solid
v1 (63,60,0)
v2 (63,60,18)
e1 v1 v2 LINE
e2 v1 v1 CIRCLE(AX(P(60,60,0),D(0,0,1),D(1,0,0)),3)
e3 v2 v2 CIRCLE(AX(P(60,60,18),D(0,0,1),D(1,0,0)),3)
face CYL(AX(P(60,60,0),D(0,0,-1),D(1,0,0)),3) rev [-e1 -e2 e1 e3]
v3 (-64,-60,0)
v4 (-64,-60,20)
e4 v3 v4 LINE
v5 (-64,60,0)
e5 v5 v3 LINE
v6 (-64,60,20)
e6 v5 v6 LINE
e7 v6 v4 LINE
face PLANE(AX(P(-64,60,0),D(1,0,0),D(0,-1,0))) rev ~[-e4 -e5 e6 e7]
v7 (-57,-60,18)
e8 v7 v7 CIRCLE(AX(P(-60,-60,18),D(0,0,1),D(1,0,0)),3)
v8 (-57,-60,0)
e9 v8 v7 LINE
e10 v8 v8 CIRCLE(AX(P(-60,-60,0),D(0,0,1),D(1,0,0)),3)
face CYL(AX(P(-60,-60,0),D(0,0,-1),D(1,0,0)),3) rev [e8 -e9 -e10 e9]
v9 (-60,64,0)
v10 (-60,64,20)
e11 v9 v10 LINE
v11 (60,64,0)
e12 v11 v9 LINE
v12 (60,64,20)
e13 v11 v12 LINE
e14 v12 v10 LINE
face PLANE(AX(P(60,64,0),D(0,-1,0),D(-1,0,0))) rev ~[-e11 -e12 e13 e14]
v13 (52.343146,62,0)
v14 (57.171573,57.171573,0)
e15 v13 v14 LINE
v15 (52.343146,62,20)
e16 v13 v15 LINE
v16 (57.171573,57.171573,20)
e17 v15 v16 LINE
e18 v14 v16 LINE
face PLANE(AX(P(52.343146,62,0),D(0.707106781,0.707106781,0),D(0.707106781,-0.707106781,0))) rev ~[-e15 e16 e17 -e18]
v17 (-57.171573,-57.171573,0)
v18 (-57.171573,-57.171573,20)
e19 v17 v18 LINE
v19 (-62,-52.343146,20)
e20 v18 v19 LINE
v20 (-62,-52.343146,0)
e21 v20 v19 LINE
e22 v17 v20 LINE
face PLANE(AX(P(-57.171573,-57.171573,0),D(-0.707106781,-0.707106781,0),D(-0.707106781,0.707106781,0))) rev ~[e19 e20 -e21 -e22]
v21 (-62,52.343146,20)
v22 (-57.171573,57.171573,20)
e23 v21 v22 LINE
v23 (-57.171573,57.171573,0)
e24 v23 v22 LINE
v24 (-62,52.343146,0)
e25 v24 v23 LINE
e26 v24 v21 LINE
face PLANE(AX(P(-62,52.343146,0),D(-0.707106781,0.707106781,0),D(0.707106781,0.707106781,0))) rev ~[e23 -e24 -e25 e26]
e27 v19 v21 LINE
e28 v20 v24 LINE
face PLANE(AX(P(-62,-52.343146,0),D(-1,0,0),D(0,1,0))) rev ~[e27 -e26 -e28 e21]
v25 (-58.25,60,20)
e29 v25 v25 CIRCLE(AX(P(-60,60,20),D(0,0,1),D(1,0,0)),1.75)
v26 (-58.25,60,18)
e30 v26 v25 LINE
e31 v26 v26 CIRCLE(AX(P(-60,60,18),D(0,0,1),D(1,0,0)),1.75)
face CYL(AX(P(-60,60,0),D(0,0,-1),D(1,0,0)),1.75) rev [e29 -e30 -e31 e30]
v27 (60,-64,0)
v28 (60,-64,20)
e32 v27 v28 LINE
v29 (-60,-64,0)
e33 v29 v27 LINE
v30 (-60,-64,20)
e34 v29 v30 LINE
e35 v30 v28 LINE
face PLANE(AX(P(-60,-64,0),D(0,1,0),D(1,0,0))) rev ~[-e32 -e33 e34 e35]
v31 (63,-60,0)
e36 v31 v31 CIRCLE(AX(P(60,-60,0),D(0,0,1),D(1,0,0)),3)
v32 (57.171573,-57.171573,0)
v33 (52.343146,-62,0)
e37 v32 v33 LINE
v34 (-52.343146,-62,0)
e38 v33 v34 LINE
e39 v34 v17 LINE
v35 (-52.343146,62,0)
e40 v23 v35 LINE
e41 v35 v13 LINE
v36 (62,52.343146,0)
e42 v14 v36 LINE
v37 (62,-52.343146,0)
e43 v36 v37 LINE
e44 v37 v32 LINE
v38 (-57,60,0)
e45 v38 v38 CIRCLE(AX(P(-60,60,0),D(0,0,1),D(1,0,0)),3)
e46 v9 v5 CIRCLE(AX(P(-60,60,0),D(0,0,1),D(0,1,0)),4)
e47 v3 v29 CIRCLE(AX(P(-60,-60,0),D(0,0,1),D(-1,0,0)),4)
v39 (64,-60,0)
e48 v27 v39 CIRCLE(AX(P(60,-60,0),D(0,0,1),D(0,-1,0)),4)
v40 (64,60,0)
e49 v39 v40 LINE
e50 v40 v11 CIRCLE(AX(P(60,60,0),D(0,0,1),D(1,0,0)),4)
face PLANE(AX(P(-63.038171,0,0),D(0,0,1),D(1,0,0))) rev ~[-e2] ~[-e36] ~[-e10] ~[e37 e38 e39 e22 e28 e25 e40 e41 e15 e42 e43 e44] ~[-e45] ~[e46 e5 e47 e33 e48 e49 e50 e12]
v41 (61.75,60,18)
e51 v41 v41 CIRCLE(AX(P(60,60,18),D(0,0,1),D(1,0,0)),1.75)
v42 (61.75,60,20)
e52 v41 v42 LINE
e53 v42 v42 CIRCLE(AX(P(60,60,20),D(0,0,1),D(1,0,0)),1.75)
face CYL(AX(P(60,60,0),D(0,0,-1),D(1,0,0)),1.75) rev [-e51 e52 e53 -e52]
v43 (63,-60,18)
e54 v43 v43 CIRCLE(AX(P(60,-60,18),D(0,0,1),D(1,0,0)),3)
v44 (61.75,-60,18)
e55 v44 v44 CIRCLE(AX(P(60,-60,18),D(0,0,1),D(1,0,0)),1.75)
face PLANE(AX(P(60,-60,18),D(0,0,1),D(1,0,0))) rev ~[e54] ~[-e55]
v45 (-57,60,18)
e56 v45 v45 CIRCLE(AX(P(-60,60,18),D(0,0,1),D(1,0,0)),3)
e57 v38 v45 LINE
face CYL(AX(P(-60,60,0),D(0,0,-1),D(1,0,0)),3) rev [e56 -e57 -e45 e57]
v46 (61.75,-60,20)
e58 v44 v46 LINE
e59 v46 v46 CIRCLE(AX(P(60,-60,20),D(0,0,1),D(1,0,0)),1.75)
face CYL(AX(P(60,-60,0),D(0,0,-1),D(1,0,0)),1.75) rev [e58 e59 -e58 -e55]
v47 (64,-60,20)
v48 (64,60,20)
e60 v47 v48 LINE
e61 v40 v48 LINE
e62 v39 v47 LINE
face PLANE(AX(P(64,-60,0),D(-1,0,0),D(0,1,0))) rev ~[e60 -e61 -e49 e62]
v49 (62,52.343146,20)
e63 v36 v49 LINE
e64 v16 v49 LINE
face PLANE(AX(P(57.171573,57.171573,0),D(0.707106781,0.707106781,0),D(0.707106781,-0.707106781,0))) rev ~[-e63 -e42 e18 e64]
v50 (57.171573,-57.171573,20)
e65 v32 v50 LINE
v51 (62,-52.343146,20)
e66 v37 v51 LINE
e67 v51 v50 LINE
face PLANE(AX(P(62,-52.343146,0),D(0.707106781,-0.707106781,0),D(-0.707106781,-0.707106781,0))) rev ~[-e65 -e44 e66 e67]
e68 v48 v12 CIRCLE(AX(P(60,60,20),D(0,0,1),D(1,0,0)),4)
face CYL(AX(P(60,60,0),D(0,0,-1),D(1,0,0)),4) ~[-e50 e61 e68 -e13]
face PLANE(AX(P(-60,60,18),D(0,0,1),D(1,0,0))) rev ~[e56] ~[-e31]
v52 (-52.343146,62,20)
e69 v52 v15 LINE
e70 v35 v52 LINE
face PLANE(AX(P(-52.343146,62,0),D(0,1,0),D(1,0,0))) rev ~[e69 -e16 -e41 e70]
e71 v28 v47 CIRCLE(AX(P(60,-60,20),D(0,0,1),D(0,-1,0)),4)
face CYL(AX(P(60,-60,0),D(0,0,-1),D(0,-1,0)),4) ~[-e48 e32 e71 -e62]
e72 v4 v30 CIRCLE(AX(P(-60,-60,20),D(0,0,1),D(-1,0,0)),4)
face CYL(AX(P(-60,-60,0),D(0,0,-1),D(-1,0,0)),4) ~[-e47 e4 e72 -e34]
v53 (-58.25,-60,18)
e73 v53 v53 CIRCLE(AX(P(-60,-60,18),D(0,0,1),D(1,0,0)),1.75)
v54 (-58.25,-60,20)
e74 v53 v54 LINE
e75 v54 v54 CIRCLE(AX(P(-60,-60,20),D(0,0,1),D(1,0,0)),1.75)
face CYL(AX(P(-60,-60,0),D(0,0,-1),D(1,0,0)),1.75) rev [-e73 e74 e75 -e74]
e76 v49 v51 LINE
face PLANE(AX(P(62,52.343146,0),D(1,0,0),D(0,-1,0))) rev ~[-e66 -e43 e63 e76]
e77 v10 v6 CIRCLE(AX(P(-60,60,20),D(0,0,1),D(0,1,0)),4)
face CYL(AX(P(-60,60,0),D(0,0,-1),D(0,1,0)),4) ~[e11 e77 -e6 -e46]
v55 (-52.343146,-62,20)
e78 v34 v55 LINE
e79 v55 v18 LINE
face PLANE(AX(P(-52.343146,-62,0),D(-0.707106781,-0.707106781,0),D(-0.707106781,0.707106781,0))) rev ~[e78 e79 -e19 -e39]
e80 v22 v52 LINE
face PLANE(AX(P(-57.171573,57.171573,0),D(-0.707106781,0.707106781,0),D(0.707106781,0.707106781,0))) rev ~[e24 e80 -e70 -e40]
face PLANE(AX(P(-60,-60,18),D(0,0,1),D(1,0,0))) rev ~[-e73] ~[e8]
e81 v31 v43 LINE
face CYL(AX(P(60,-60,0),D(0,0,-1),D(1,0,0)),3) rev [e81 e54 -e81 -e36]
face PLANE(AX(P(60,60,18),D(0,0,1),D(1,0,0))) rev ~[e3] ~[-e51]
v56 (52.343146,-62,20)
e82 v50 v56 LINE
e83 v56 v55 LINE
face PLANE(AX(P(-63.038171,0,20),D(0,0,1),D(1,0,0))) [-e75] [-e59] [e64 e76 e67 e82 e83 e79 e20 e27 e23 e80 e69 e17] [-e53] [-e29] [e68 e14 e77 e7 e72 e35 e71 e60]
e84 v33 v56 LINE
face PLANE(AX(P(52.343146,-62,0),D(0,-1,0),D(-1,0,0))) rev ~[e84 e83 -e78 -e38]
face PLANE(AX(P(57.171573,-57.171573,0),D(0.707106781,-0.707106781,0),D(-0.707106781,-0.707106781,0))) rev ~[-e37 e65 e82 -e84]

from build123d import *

# Parameters (mm, degrees)
F0_R     = 3
F0_R_2   = 1.75
F1_DEPTH = 20
F2_DEPTH = 18


with BuildPart() as f1:
    # F0 (on Top) → F1 (new body)
    with BuildSketch(Plane.XY):
        with BuildLine():
            Line((-62, 52.3431457505), (-62, 56.5358983849))
            ThreePointArc((-62, 56.5358983849), (-63.4641016151, 58), (-64, 60))
            Line((-64, 60), (-64, -60))
            ThreePointArc((-64, -60), (-63.4641016151, -58), (-62, -56.5358983849))
            Line((-62, -56.5358983849), (-62, -52.3431457505))
            Line((-62, -52.3431457505), (-62, 52.3431457505))
        make_face()
        with BuildLine():
            ThreePointArc((-56.5358983849, -62), (-58, -63.4641016151), (-60, -64))
            Line((-60, -64), (60, -64))
            ThreePointArc((60, -64), (58, -63.4641016151), (56.5358983849, -62))
            Line((56.5358983849, -62), (52.3431457505, -62))
            Line((52.3431457505, -62), (-52.3431457505, -62))
            Line((-52.3431457505, -62), (-56.5358983849, -62))
        make_face()
        with BuildLine():
            Line((64, -60), (64, 60))
            ThreePointArc((64, 60), (63.4641016151, 58), (62, 56.5358983849))
            Line((62, 56.5358983849), (62, 52.3431457505))
            Line((62, 52.3431457505), (62, -52.3431457505))
            Line((62, -52.3431457505), (62, -56.5358983849))
            ThreePointArc((62, -56.5358983849), (63.4641016151, -58), (64, -60))
        make_face()
        with BuildLine():
            ThreePointArc((-62, -56.5358983849), (-63.4641016151, -58), (-64, -60))
            ThreePointArc((-64, -60), (-62.8284271247, -62.8284271247), (-60, -64))
            ThreePointArc((-60, -64), (-58, -63.4641016151), (-56.5358983849, -62))
            ThreePointArc((-56.5358983849, -62), (-56.1362966948, -61.0352761804), (-56, -60))
            ThreePointArc((-56, -60), (-56.30448187, -58.4692662705), (-57.1715728753, -57.1715728753))
            ThreePointArc((-57.1715728753, -57.1715728753), (-59.4778952311, -56.0342205545), (-62, -56.5358983849))
        make_face()
        with Locations((-60, -60)):
            Circle(F0_R, mode=Mode.SUBTRACT)
        with Locations((-60, -60)):
            Circle(F0_R)
        with Locations((-60, -60)):
            Circle(F0_R_2, mode=Mode.SUBTRACT)
        with BuildLine():
            ThreePointArc((60, -64), (62.8284271247, -62.8284271247), (64, -60))
            ThreePointArc((64, -60), (63.4641016151, -58), (62, -56.5358983849))
            ThreePointArc((62, -56.5358983849), (59.4778952311, -56.0342205545), (57.1715728753, -57.1715728753))
            ThreePointArc((57.1715728753, -57.1715728753), (56.0342205545, -59.4778952311), (56.5358983849, -62))
            ThreePointArc((56.5358983849, -62), (58, -63.4641016151), (60, -64))
        make_face()
        with Locations((60, -60)):
            Circle(F0_R, mode=Mode.SUBTRACT)
        with Locations((60, -60)):
            Circle(F0_R)
        with Locations((60, -60)):
            Circle(F0_R_2, mode=Mode.SUBTRACT)
        with BuildLine():
            ThreePointArc((-60, 64), (-58, 63.4641016151), (-56.5358983849, 62))
            Line((-56.5358983849, 62), (-52.3431457505, 62))
            Line((-52.3431457505, 62), (52.3431457505, 62))
            Line((52.3431457505, 62), (56.5358983849, 62))
            ThreePointArc((56.5358983849, 62), (58, 63.4641016151), (60, 64))
            Line((60, 64), (-60, 64))
        make_face()
        with BuildLine():
            ThreePointArc((-57.1715728753, 57.1715728753), (-56.30448187, 58.4692662705), (-56, 60))
            ThreePointArc((-56, 60), (-56.1362966948, 61.0352761804), (-56.5358983849, 62))
            ThreePointArc((-56.5358983849, 62), (-58, 63.4641016151), (-60, 64))
            ThreePointArc((-60, 64), (-62.8284271247, 62.8284271247), (-64, 60))
            ThreePointArc((-64, 60), (-63.4641016151, 58), (-62, 56.5358983849))
            ThreePointArc((-62, 56.5358983849), (-59.4778952311, 56.0342205545), (-57.1715728753, 57.1715728753))
        make_face()
        with Locations((-60, 60)):
            Circle(F0_R, mode=Mode.SUBTRACT)
        with Locations((-60, 60)):
            Circle(F0_R)
        with Locations((-60, 60)):
            Circle(F0_R_2, mode=Mode.SUBTRACT)
        with BuildLine():
            ThreePointArc((64, 60), (62.8284271247, 62.8284271247), (60, 64))
            ThreePointArc((60, 64), (58, 63.4641016151), (56.5358983849, 62))
            ThreePointArc((56.5358983849, 62), (56.0342205545, 59.4778952311), (57.1715728753, 57.1715728753))
            ThreePointArc((57.1715728753, 57.1715728753), (59.4778952311, 56.0342205545), (62, 56.5358983849))
            ThreePointArc((62, 56.5358983849), (63.4641016151, 58), (64, 60))
        make_face()
        with Locations((60, 60)):
            Circle(F0_R, mode=Mode.SUBTRACT)
        with Locations((60, 60)):
            Circle(F0_R)
        with Locations((60, 60)):
            Circle(F0_R_2, mode=Mode.SUBTRACT)
        with BuildLine():
            Line((56.5358983849, 62), (52.3431457505, 62))
            Line((52.3431457505, 62), (57.1715728753, 57.1715728753))
            ThreePointArc((57.1715728753, 57.1715728753), (56.0342205545, 59.4778952311), (56.5358983849, 62))
        make_face()
        with BuildLine():
            ThreePointArc((62, 56.5358983849), (59.4778952311, 56.0342205545), (57.1715728753, 57.1715728753))
            Line((57.1715728753, 57.1715728753), (62, 52.3431457505))
            Line((62, 52.3431457505), (62, 56.5358983849))
        make_face()
        with BuildLine():
            ThreePointArc((-56.5358983849, 62), (-56.1362966948, 61.0352761804), (-56, 60))
            ThreePointArc((-56, 60), (-56.30448187, 58.4692662705), (-57.1715728753, 57.1715728753))
            Line((-57.1715728753, 57.1715728753), (-52.3431457505, 62))
            Line((-52.3431457505, 62), (-56.5358983849, 62))
        make_face()
        with BuildLine():
            Line((-62, 52.3431457505), (-57.1715728753, 57.1715728753))
            ThreePointArc((-57.1715728753, 57.1715728753), (-59.4778952311, 56.0342205545), (-62, 56.5358983849))
            Line((-62, 56.5358983849), (-62, 52.3431457505))
        make_face()
        with BuildLine():
            ThreePointArc((57.1715728753, -57.1715728753), (59.4778952311, -56.0342205545), (62, -56.5358983849))
            Line((62, -56.5358983849), (62, -52.3431457505))
            Line((62, -52.3431457505), (57.1715728753, -57.1715728753))
        make_face()
        with BuildLine():
            Line((57.1715728753, -57.1715728753), (52.3431457505, -62))
            Line((52.3431457505, -62), (56.5358983849, -62))
            ThreePointArc((56.5358983849, -62), (56.0342205545, -59.4778952311), (57.1715728753, -57.1715728753))
        make_face()
        with BuildLine():
            Line((-52.3431457505, -62), (-57.1715728753, -57.1715728753))
            ThreePointArc((-57.1715728753, -57.1715728753), (-56.30448187, -58.4692662705), (-56, -60))
            ThreePointArc((-56, -60), (-56.1362966948, -61.0352761804), (-56.5358983849, -62))
            Line((-56.5358983849, -62), (-52.3431457505, -62))
        make_face()
        with BuildLine():
            Line((-57.1715728753, -57.1715728753), (-62, -52.3431457505))
            Line((-62, -52.3431457505), (-62, -56.5358983849))
            ThreePointArc((-62, -56.5358983849), (-59.4778952311, -56.0342205545), (-57.1715728753, -57.1715728753))
        make_face()
    extrude(amount=F1_DEPTH)

    # F0 (on Top) → F2 (cut)
    with BuildSketch(Plane.XY):
        with Locations((60, -60)):
            Circle(F0_R)
        with Locations((60, -60)):
            Circle(F0_R_2, mode=Mode.SUBTRACT)
        with Locations((-60, -60)):
            Circle(F0_R)
        with Locations((-60, -60)):
            Circle(F0_R_2, mode=Mode.SUBTRACT)
        with Locations((-60, 60)):
            Circle(F0_R)
        with Locations((-60, 60)):
            Circle(F0_R_2, mode=Mode.SUBTRACT)
        with Locations((60, 60)):
            Circle(F0_R)
        with Locations((60, 60)):
            Circle(F0_R_2, mode=Mode.SUBTRACT)
    extrude(amount=F2_DEPTH, mode=Mode.SUBTRACT)


solid = f1.part
